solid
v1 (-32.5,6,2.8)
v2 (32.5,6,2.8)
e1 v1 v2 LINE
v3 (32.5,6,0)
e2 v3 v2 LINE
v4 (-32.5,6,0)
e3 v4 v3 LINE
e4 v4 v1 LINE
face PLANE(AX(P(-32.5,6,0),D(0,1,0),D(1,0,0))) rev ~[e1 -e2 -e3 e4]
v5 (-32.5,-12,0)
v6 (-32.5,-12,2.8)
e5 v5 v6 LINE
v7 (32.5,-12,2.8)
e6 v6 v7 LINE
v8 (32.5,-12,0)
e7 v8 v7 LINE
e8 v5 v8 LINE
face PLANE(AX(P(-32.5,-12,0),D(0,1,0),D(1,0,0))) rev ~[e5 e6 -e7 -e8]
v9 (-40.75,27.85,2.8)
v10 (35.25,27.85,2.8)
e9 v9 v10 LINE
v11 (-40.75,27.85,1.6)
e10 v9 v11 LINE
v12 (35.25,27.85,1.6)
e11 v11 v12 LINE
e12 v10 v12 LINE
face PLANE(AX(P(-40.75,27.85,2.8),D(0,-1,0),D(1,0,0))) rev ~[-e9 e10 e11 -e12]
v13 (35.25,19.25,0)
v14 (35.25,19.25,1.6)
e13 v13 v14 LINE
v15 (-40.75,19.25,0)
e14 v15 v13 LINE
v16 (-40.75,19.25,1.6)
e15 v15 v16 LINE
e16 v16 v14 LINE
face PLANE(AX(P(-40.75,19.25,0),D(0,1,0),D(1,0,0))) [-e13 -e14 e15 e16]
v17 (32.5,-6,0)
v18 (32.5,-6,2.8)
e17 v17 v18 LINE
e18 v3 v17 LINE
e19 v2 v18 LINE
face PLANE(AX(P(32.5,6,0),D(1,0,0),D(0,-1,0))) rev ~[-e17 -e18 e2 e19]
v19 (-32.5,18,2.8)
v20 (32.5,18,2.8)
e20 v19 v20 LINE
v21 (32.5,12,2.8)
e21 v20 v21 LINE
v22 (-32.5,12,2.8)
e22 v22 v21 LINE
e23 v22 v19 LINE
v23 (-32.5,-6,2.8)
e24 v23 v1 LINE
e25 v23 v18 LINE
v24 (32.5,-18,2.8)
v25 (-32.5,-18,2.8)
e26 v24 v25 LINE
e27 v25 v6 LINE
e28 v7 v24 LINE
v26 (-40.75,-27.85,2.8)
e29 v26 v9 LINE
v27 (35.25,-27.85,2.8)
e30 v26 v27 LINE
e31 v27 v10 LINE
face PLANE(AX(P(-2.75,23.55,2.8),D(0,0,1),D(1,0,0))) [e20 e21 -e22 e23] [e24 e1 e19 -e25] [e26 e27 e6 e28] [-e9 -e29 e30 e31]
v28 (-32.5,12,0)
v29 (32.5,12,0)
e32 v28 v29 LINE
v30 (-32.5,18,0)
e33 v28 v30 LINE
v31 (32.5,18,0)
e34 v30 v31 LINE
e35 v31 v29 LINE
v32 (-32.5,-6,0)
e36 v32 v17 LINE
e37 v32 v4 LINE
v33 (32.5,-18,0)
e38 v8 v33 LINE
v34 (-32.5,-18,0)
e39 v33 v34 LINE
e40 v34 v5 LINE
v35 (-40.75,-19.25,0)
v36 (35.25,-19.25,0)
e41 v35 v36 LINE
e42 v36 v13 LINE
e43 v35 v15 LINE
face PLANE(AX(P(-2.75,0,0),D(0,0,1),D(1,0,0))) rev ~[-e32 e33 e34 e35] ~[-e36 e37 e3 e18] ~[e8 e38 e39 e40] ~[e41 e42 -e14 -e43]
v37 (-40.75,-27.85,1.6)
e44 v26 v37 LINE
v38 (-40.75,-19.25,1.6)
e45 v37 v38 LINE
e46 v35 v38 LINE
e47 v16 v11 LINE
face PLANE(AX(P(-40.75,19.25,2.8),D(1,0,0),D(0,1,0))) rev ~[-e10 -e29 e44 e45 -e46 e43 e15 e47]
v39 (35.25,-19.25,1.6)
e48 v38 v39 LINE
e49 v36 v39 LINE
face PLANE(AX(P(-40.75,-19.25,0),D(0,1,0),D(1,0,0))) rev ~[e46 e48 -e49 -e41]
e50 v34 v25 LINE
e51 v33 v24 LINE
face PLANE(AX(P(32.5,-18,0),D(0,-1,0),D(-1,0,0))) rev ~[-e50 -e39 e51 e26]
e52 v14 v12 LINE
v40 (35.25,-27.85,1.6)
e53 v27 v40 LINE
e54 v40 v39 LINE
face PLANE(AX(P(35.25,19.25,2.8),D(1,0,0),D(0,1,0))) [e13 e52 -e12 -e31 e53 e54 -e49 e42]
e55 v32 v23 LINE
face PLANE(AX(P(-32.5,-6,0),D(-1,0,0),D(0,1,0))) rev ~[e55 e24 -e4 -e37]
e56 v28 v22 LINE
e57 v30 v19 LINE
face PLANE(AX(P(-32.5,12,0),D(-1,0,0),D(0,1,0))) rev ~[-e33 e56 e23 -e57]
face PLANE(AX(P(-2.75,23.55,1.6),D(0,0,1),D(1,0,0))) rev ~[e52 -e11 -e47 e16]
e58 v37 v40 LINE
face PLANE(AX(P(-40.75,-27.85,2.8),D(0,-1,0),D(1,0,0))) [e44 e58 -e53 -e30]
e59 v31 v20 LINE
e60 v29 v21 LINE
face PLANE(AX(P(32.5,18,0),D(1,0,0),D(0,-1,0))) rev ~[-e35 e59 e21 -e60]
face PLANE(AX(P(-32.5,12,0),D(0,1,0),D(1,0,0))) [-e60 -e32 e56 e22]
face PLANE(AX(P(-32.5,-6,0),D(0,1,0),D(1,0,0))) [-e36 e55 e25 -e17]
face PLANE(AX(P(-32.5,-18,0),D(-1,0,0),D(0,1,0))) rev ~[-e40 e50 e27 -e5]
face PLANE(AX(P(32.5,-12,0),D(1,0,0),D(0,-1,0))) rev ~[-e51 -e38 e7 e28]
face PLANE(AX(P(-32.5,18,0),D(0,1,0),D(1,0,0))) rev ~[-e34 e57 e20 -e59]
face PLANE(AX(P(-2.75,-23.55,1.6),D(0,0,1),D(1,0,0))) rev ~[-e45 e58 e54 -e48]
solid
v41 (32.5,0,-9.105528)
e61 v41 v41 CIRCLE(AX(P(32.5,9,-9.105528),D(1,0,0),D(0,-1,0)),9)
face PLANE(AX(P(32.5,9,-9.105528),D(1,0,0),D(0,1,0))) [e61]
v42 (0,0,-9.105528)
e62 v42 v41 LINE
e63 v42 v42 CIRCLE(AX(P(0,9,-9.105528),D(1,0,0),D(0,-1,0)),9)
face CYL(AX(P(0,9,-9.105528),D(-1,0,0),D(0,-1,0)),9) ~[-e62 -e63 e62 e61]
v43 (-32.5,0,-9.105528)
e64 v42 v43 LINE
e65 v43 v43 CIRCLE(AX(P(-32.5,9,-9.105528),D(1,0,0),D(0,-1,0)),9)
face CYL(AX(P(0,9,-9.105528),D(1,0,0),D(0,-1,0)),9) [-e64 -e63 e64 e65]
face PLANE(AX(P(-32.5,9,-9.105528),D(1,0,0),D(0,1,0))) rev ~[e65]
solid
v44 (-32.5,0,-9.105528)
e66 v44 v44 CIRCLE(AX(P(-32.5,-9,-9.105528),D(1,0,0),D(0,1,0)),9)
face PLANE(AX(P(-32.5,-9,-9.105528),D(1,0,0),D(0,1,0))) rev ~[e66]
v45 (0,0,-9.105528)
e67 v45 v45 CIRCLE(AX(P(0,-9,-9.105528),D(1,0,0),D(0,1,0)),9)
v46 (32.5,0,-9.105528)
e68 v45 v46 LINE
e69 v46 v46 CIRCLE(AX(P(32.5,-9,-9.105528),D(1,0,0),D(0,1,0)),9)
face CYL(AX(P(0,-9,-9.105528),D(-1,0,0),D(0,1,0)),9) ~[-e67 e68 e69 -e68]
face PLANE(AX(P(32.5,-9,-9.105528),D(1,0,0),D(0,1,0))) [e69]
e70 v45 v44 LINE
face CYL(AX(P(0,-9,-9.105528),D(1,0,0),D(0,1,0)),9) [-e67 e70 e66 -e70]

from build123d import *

# Parameters (mm, degrees)
F0_R     = 9
F1_DEPTH = 32.5
F2_W     = 76
F2_H     = 38.5
F2_W_2   = 65
F2_H_2   = 6
F3_DEPTH = 2.8
F4_W     = 76
F4_H     = 8.6
F5_DEPTH = 1.2


with BuildPart() as f1:
    # F0 (on Right) → F1 (new body, symmetric)
    with BuildSketch(Plane.YZ):
        with BuildLine():
            ThreePointArc((0, -9.105528), (9, -18.105528), (18, -9.105528))
            ThreePointArc((18, -9.105528), (9, -0.105528), (0, -9.105528))
        make_face()
        with Locations((-9, -9.105528)):
            Circle(F0_R)
    extrude(amount=F1_DEPTH, both=True)


with BuildPart() as f3:
    # F2 (on Top) → F3 (new body)
    with BuildSketch(Plane.XY):
        with Locations((-2.75, 0)):
            Rectangle(F2_W, F2_H)
        Polygon((-32.5, 12), (-32.5, 18), (32.5, 18), (32.5, 12), (32.5, 6), (32.5, 0), (32.5, -6), (32.5, -12), (32.5, -18), (-32.5, -18), (-32.5, -12), (-32.5, -6), (-32.5, 0), (-32.5, 6), align=None, mode=Mode.SUBTRACT)
        with Locations((0, -9)):
            Rectangle(F2_W_2, F2_H_2)
        with Locations((0, 9)):
            Rectangle(F2_W_2, F2_H_2)
    extrude(amount=F3_DEPTH)

    # F4 (on face) → F5 (join)
    with BuildSketch(Plane.XY.offset(2.8)):
        with Locations((-2.75, 23.55)):
            Rectangle(F4_W, F4_H)
        with Locations((-2.75, -23.55)):
            Rectangle(F4_W, F4_H)
    extrude(amount=-F5_DEPTH)


solid = Compound([f1.part, f3.part])
